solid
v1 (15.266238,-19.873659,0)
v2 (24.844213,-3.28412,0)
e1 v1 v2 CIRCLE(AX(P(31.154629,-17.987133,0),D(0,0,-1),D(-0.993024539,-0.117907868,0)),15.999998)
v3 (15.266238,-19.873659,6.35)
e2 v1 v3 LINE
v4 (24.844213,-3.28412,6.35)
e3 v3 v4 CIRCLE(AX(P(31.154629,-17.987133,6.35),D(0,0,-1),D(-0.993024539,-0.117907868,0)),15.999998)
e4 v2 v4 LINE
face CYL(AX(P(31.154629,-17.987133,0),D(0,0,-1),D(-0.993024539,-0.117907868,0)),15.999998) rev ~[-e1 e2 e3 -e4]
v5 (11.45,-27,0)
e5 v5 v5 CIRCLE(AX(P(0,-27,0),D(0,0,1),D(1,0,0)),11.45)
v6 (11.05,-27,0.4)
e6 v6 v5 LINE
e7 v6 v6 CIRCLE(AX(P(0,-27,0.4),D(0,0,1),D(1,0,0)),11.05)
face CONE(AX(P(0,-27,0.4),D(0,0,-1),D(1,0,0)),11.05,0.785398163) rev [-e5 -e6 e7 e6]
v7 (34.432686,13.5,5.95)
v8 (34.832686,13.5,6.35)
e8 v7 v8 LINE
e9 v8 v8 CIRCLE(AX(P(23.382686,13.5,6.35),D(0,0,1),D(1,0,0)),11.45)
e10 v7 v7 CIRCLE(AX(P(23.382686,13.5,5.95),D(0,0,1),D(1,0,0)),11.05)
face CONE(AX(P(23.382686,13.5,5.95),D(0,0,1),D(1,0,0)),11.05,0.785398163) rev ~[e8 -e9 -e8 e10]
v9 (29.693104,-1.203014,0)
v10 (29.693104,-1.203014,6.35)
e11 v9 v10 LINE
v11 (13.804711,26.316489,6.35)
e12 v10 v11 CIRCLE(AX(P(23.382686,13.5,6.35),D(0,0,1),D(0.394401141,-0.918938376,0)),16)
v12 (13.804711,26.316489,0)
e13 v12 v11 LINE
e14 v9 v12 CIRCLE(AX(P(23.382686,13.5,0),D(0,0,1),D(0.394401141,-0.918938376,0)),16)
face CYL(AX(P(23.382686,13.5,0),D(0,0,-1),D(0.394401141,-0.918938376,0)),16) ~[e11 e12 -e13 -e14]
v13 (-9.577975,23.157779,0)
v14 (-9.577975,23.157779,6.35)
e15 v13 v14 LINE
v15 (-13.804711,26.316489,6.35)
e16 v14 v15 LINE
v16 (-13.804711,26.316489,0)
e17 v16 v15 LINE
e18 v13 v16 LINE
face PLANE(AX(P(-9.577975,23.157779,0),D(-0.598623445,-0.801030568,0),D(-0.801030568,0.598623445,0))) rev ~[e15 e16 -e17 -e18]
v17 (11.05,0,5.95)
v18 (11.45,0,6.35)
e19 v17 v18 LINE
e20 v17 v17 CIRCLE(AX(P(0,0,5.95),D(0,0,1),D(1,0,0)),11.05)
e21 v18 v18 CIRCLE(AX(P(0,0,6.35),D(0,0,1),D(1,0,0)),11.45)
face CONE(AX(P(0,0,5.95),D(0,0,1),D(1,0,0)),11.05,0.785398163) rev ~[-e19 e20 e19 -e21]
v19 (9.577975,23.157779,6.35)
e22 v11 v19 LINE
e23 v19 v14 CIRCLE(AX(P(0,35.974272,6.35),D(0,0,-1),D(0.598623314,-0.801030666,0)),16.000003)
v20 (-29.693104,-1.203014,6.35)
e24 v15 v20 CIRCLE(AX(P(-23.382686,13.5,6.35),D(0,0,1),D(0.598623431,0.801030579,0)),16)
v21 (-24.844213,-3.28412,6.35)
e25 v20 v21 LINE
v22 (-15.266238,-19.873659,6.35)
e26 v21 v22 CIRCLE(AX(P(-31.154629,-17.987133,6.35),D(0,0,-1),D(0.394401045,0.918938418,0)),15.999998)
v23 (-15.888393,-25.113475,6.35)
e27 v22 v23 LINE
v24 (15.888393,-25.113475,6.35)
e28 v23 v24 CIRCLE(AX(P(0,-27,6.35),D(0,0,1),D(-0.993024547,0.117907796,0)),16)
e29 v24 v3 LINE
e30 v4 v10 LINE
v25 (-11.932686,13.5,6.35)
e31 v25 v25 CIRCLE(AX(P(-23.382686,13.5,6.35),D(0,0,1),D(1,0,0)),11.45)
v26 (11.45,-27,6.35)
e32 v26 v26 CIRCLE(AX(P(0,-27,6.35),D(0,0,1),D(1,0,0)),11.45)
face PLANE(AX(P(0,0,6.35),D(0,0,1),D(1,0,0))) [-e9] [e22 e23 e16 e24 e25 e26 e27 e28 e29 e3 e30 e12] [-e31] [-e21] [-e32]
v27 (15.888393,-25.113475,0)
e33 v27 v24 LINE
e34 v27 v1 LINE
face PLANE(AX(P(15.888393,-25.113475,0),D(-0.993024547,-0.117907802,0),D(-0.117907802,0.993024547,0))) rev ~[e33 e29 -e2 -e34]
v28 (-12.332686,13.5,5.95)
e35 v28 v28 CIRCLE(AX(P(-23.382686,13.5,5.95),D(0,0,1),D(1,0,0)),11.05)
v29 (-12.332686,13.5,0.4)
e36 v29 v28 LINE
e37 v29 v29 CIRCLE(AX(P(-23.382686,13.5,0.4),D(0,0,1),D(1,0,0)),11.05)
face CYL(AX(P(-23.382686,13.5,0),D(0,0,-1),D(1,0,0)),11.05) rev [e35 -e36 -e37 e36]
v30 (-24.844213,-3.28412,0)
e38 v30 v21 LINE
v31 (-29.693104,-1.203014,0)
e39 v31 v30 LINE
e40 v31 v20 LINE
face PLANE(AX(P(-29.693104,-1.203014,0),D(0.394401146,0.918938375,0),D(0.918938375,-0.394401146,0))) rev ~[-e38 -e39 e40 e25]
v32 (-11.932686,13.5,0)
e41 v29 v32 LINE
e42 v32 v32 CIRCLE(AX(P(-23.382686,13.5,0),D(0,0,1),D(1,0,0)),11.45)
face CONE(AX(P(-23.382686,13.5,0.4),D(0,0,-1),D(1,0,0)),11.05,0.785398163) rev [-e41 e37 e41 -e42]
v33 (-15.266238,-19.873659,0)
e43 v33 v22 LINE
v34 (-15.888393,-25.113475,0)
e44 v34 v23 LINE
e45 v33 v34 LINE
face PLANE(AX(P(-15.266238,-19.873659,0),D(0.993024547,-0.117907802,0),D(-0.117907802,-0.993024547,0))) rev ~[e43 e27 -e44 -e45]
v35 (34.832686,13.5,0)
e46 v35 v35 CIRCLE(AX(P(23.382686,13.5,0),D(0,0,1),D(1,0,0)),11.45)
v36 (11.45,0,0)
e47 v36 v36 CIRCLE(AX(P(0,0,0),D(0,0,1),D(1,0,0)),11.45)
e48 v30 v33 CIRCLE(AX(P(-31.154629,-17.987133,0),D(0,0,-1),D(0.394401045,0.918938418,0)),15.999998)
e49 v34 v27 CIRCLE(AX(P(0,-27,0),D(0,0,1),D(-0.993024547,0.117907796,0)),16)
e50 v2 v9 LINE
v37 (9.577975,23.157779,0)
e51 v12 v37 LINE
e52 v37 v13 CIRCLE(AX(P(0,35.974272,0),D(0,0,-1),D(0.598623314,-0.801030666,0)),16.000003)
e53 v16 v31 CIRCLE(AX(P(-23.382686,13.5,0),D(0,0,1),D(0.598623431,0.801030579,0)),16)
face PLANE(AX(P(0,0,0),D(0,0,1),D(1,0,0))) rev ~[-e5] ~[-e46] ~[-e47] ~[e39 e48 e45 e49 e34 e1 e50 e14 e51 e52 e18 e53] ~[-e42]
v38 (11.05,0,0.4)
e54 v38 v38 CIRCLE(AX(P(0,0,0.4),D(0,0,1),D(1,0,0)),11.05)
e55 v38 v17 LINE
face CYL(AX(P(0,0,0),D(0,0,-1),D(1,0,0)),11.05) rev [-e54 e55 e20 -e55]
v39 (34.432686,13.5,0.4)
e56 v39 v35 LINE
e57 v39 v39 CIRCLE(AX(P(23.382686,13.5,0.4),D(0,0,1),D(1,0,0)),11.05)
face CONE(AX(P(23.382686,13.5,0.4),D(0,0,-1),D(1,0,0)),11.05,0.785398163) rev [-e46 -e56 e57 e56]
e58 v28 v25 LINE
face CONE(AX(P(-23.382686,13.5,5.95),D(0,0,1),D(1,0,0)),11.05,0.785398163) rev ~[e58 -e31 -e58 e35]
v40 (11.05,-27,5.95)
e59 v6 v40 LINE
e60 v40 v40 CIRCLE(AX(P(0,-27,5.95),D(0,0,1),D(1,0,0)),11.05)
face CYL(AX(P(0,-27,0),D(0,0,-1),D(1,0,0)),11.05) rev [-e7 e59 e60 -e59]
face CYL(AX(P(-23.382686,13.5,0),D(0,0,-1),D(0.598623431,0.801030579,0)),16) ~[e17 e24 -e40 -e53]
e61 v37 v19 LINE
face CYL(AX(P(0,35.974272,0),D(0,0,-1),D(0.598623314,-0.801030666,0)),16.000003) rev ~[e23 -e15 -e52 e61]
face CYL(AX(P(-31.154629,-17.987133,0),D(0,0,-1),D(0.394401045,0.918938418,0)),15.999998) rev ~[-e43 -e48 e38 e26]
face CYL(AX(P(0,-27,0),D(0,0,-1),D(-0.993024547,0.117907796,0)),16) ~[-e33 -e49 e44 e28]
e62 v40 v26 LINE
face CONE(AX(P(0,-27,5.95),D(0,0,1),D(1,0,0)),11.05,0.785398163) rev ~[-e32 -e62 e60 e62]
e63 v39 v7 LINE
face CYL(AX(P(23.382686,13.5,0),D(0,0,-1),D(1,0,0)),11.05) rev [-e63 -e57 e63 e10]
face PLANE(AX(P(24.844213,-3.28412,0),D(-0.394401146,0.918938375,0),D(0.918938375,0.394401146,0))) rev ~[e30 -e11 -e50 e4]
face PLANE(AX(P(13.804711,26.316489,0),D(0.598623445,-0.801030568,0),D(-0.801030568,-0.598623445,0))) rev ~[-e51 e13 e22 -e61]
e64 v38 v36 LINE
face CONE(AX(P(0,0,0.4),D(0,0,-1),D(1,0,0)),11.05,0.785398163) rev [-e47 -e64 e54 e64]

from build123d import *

# Parameters (mm, degrees)
F0_R     = 11.05
F1_DEPTH = 6.35
F2_SIZE  = 0.4


with BuildPart() as f1:
    # F0 (on Top) → F1 (new body)
    with BuildSketch(Plane.XY):
        with BuildLine():
            Line((-9.577975, 23.157779), (-13.804711, 26.316489))
            ThreePointArc((-13.804711, 26.316489), (-37.239092, 21.5), (-29.693104, -1.203014))
            Line((-29.693104, -1.203014), (-24.844213, -3.28412))
            ThreePointArc((-24.844213, -3.28412), (-17.298224, -9.987134), (-15.266238, -19.873659))
            Line((-15.266238, -19.873659), (-15.888393, -25.113475))
            ThreePointArc((-15.888393, -25.113475), (0, -43), (15.888393, -25.113475))
            Line((15.888393, -25.113475), (15.266238, -19.873659))
            ThreePointArc((15.266238, -19.873659), (17.298224, -9.987134), (24.844213, -3.28412))
            Line((24.844213, -3.28412), (29.693104, -1.203014))
            ThreePointArc((29.693104, -1.203014), (37.239092, 21.5), (13.804711, 26.316489))
            Line((13.804711, 26.316489), (9.577975, 23.157779))
            ThreePointArc((9.577975, 23.157779), (0, 19.974269), (-9.577975, 23.157779))
        make_face()
        with Locations((0, -27)):
            Circle(F0_R, mode=Mode.SUBTRACT)
        with Locations((-23.382686, 13.5)):
            Circle(F0_R, mode=Mode.SUBTRACT)
        Circle(F0_R, mode=Mode.SUBTRACT)
        with Locations((23.382686, 13.5)):
            Circle(F0_R, mode=Mode.SUBTRACT)
    extrude(amount=F1_DEPTH)

    # F2
    f2_edges = [f1.edges().sort_by_distance(p)[0] for p in [
        (-11.05, 0, 6.35),
        (-11.05, 0, 0),
        (-11.05, -27, 6.35),
        (-11.05, -27, 0),
        (-34.432686, 13.5, 6.35),
        (-34.432686, 13.5, 0),
        (12.332686, 13.5, 6.35),
        (12.332686, 13.5, 0),
    ]]
    chamfer(f2_edges, length=F2_SIZE)


solid = f1.part
